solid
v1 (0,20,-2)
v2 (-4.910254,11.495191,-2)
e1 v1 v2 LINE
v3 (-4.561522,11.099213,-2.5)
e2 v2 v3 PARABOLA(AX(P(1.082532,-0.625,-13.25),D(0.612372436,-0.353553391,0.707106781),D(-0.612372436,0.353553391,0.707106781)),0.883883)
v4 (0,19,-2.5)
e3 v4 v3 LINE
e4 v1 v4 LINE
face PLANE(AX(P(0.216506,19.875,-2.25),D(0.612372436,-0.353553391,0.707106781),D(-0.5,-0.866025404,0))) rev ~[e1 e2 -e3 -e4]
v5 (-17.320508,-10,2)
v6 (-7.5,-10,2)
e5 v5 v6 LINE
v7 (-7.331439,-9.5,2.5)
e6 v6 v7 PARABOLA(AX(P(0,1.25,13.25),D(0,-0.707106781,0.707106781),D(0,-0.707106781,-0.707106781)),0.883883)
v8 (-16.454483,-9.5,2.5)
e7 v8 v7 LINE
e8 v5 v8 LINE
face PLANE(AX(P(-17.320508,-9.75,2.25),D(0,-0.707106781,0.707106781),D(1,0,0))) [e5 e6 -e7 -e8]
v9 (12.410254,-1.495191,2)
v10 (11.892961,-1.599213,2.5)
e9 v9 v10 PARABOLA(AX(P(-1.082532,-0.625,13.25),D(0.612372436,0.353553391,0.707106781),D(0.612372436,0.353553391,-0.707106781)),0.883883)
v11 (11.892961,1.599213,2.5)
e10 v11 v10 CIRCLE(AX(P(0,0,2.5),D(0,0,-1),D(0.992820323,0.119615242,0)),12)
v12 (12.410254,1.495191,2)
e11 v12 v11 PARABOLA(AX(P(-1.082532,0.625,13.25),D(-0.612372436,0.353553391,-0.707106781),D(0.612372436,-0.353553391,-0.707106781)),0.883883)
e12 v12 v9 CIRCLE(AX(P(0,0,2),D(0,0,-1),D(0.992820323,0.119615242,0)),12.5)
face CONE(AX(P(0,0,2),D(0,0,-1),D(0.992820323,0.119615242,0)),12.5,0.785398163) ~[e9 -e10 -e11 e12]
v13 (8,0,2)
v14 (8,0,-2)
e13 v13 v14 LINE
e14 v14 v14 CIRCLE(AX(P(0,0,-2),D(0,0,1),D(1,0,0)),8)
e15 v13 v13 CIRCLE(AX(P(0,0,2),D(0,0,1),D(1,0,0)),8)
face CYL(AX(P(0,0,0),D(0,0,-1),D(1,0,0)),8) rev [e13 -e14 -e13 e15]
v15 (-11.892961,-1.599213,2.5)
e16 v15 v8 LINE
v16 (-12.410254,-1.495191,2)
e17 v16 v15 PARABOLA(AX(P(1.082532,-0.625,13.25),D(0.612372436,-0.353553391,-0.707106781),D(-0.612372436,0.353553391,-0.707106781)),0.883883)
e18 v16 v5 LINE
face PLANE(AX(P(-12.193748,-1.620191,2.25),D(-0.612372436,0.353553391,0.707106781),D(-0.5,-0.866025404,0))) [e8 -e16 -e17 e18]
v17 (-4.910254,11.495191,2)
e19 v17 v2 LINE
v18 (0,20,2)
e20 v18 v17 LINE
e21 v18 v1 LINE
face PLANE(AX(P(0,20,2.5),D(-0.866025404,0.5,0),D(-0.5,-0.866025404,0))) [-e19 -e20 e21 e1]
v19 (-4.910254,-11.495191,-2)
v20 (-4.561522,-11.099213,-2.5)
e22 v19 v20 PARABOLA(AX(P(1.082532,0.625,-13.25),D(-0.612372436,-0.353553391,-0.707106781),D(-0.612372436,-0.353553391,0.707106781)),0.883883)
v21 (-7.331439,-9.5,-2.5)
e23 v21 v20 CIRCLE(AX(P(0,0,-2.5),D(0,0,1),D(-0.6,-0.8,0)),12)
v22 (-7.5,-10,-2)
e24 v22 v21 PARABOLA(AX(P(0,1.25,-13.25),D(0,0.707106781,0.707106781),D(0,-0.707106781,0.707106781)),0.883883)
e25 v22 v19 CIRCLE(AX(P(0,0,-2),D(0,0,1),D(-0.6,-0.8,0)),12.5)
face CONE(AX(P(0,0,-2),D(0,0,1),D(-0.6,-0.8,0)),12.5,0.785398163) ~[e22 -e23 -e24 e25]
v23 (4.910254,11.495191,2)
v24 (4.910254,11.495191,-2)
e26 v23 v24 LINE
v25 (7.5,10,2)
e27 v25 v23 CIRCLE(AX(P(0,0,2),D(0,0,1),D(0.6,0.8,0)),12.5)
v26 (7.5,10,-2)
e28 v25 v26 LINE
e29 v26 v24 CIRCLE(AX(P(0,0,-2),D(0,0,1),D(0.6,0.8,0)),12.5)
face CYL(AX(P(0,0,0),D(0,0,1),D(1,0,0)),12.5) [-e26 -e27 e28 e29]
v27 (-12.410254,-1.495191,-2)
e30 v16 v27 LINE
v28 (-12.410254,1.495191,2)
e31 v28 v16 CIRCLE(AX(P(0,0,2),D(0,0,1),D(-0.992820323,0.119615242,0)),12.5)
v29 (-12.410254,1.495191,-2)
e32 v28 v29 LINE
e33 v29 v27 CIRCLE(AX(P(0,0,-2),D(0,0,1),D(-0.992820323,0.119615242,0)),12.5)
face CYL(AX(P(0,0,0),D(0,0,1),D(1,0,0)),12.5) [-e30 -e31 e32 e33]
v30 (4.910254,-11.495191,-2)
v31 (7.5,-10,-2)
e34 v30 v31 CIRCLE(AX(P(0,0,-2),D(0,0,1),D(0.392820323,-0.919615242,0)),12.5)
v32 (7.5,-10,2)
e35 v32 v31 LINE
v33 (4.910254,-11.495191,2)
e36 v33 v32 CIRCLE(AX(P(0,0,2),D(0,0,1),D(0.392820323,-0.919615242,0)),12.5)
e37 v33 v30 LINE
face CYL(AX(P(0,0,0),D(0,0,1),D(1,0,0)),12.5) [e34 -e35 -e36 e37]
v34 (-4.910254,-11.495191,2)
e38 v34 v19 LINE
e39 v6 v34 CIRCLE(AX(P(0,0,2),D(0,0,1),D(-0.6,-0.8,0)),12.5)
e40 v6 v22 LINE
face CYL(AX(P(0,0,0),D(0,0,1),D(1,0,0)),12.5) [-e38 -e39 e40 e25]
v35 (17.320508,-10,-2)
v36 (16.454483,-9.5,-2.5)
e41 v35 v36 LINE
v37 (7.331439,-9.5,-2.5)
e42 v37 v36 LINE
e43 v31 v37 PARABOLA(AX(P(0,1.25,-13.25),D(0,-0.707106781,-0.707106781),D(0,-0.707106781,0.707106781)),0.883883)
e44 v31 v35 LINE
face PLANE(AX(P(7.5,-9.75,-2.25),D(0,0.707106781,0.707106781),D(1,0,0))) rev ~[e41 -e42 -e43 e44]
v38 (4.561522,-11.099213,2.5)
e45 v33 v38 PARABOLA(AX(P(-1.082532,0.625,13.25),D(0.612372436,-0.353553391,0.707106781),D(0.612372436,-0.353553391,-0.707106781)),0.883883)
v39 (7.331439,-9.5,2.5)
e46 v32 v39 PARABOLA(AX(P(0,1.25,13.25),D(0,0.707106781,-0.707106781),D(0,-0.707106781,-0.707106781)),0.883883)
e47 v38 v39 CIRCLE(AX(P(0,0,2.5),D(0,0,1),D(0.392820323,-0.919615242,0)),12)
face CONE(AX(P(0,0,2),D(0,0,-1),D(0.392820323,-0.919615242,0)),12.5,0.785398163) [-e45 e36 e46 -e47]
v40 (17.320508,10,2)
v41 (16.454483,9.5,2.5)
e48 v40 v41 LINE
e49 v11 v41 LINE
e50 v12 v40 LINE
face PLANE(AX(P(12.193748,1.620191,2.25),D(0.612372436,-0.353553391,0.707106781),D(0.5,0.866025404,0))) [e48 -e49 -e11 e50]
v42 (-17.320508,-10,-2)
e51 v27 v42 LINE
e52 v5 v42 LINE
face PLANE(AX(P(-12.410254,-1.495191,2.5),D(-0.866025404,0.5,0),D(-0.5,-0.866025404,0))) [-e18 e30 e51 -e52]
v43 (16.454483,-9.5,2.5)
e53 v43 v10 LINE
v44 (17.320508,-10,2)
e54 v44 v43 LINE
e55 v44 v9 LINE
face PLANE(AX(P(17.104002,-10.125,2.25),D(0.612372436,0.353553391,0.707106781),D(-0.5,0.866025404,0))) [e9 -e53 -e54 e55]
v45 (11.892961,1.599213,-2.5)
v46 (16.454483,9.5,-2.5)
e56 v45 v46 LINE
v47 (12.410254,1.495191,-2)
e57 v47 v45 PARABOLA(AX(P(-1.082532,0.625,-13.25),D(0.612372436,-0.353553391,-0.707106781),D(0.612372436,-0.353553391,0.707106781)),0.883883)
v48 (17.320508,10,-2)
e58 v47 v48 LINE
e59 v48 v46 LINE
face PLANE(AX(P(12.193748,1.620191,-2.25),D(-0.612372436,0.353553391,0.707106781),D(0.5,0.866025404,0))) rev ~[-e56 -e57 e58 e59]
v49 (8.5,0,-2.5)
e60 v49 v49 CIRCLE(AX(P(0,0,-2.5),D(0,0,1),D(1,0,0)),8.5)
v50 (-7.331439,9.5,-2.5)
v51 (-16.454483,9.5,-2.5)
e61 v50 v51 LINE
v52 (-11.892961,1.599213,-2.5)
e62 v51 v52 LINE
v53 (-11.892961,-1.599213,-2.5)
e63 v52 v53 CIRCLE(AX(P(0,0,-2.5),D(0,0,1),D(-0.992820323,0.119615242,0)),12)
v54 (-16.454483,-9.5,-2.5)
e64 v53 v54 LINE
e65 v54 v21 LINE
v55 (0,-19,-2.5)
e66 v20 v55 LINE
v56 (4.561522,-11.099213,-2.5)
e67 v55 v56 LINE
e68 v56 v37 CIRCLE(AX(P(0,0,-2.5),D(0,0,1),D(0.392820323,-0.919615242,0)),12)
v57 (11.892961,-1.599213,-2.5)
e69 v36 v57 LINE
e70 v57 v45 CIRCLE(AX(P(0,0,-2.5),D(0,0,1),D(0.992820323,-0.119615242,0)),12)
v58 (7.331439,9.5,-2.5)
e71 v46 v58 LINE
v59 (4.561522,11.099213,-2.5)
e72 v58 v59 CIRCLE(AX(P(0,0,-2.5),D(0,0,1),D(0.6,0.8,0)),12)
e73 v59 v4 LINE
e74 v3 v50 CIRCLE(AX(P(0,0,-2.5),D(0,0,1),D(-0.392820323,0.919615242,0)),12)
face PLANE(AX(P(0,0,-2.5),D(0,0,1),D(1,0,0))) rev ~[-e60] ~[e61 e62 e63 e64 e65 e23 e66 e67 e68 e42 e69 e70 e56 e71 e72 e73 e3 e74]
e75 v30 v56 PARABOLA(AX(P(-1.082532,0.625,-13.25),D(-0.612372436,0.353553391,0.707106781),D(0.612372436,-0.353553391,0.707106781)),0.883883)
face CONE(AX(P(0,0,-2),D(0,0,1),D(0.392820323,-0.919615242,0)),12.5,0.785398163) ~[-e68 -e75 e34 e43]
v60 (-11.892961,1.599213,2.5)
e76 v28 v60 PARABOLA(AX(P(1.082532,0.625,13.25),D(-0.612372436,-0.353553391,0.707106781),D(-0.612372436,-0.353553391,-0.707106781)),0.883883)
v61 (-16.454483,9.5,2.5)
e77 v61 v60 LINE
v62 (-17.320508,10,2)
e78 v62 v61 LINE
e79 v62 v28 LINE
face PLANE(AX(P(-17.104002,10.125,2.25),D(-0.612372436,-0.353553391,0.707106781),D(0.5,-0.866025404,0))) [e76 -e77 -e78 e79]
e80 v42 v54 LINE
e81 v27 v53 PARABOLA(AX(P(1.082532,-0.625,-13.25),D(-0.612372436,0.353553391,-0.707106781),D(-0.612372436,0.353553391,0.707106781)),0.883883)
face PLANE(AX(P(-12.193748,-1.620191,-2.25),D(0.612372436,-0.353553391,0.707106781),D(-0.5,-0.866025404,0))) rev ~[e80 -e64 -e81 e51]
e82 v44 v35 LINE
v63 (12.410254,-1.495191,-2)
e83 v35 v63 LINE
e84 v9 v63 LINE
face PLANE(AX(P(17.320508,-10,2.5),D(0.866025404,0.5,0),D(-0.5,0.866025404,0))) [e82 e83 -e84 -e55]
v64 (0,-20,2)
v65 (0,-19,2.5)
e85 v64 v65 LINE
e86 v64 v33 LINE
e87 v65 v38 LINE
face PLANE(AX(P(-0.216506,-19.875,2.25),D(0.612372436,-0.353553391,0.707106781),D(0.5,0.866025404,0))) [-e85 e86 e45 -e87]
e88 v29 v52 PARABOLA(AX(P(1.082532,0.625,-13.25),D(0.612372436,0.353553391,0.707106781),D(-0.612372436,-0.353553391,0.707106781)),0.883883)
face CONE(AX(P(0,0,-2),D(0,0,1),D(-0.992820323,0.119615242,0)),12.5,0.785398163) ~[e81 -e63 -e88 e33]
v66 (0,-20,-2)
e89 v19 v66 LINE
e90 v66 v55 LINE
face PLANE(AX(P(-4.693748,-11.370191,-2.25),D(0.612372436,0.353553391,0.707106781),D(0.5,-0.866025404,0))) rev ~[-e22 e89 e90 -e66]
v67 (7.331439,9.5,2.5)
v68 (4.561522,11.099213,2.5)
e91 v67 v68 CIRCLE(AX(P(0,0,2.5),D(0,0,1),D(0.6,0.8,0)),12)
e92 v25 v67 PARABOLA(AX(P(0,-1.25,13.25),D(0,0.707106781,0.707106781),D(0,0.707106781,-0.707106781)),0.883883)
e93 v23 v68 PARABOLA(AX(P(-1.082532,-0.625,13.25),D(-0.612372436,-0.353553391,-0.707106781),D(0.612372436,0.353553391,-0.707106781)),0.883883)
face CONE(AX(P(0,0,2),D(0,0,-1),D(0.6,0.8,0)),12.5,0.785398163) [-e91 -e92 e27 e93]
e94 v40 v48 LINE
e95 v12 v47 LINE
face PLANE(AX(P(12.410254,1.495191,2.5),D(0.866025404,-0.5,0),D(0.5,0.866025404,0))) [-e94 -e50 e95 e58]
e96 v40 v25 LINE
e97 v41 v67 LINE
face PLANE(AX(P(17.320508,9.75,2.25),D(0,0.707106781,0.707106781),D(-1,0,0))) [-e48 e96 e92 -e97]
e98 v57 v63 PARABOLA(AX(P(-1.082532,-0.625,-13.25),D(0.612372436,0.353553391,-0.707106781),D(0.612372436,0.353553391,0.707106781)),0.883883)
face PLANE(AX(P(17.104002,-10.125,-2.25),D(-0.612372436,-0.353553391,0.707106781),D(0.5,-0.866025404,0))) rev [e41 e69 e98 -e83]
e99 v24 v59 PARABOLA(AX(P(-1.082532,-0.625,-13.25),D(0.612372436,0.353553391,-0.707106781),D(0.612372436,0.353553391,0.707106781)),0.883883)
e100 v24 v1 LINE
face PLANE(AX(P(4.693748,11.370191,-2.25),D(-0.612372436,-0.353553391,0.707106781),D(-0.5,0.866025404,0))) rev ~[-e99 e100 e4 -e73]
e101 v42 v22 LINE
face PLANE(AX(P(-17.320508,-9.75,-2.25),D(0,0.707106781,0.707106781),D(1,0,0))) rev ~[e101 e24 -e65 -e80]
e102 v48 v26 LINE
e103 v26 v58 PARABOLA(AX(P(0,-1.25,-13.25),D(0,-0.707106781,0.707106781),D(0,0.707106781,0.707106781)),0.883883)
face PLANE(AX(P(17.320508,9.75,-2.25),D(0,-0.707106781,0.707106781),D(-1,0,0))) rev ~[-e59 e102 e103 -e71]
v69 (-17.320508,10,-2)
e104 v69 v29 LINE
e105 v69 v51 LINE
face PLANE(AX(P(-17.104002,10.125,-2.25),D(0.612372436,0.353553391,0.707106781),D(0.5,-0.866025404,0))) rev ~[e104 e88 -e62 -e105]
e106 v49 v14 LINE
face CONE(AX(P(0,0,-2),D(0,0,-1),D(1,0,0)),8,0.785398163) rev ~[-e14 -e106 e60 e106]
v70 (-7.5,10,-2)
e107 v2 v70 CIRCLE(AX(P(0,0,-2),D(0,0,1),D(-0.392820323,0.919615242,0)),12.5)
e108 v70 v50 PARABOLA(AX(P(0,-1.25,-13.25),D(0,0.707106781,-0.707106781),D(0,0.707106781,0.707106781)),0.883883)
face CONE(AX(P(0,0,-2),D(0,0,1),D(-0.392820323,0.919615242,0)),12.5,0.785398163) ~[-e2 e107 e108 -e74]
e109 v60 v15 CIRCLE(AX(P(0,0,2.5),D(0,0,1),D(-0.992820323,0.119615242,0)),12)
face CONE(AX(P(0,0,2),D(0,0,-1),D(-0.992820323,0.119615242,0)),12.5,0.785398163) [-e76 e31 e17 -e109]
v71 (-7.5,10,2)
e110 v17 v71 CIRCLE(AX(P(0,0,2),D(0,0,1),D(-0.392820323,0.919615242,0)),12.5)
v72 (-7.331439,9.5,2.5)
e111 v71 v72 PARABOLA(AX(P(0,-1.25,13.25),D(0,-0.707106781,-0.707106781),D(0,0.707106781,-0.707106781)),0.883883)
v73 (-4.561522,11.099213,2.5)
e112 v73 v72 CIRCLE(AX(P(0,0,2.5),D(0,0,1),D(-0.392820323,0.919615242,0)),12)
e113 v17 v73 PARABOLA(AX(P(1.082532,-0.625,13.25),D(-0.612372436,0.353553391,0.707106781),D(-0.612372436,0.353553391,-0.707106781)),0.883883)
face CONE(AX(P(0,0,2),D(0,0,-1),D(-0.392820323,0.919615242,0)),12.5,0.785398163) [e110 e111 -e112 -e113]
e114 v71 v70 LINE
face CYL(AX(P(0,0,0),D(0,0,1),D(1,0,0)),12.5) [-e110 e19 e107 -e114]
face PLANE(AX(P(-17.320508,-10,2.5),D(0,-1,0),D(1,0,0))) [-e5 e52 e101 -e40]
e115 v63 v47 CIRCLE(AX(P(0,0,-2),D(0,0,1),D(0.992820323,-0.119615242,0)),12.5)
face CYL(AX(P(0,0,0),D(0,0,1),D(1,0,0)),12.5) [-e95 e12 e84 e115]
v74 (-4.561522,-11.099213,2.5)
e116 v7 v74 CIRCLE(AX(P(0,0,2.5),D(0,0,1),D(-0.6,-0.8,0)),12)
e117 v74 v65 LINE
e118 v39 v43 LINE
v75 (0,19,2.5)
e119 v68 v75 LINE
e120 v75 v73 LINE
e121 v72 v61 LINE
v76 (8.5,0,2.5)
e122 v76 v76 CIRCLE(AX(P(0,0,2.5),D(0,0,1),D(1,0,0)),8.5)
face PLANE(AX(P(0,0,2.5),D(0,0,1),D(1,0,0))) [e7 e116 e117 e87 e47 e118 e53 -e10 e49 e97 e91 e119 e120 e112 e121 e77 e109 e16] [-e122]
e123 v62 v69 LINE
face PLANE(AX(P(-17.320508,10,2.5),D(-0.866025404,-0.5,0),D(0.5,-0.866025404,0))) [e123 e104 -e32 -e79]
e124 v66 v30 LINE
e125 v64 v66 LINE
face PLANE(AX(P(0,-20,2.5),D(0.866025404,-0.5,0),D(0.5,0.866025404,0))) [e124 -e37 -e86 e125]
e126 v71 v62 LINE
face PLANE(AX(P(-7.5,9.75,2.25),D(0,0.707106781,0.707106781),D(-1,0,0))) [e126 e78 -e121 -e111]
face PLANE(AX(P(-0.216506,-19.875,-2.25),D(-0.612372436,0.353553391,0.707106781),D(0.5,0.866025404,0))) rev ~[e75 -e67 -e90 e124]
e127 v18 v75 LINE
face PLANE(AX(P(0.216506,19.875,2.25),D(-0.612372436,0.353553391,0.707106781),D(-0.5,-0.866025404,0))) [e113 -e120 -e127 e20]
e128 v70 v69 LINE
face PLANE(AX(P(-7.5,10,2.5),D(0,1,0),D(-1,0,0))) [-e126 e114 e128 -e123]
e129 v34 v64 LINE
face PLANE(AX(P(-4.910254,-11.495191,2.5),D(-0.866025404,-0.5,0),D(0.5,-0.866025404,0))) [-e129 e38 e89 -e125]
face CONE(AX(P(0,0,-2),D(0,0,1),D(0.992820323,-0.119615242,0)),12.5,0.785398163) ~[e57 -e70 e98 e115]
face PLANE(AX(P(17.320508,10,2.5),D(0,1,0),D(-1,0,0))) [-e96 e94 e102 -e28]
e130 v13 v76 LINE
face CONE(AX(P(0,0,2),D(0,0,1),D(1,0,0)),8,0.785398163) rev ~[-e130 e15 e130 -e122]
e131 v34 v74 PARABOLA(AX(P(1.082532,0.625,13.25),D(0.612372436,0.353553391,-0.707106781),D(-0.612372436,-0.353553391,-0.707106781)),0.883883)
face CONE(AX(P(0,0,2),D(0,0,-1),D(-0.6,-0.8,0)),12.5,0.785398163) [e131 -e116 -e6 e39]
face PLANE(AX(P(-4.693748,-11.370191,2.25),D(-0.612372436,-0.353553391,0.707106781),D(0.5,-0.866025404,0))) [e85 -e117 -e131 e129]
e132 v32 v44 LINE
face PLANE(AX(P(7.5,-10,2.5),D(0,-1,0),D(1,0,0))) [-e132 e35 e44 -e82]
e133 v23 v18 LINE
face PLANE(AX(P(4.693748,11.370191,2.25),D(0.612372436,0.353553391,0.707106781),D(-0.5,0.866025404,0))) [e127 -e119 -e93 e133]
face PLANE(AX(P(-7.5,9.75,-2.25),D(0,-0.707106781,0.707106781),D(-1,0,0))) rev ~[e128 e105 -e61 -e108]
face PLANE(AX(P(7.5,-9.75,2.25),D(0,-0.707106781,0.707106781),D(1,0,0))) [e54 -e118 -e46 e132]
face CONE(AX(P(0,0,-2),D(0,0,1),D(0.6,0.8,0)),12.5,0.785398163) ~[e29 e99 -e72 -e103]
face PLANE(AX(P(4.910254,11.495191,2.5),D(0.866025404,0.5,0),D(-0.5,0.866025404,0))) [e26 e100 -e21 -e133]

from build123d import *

# Parameters (mm, degrees)
F0_R     = 12.5
F0_R_2   = 8
F1_DEPTH = 2.5
F3_DEPTH = 5
F4_SIZE  = 0.5


with BuildPart() as f1:
    # F0 (on Top) → F1 (new body, symmetric)
    with BuildSketch(Plane.XY):
        Circle(F0_R)
        Circle(F0_R_2, mode=Mode.SUBTRACT)
    extrude(amount=F1_DEPTH, both=True)

    # F2 (on face) → F3 (join)
    with BuildSketch(Plane.XY.offset(2.5)):
        with BuildLine():
            ThreePointArc((-4.9102540378, 11.4951905284), (-2.5060046284, 12.2462214908), (0, 12.5))
            Line((0, 12.5), (0, 20))
            Line((0, 20), (-4.9102540378, 11.4951905284))
        make_face()
        with BuildLine():
            Line((0, 20), (0, 12.5))
            ThreePointArc((0, 12.5), (2.5060046284, 12.2462214908), (4.9102540378, 11.4951905284))
            Line((4.9102540378, 11.4951905284), (0, 20))
        make_face()
        with BuildLine():
            Line((17.3205080757, 10), (7.5, 10))
            ThreePointArc((7.5, 10), (10.8253175473, 6.25), (12.4102540378, 1.4951905284))
            Line((12.4102540378, 1.4951905284), (17.3205080757, 10))
        make_face()
        with BuildLine():
            ThreePointArc((-12.4102540378, 1.4951905284), (-10.8253175473, 6.25), (-7.5, 10))
            Line((-7.5, 10), (-17.3205080757, 10))
            Line((-17.3205080757, 10), (-12.4102540378, 1.4951905284))
        make_face()
        with BuildLine():
            ThreePointArc((-7.5, -10), (-10.8253175473, -6.25), (-12.4102540378, -1.4951905284))
            Line((-12.4102540378, -1.4951905284), (-17.3205080757, -10))
            Line((-17.3205080757, -10), (-7.5, -10))
        make_face()
        with BuildLine():
            Line((17.3205080757, -10), (12.4102540378, -1.4951905284))
            ThreePointArc((12.4102540378, -1.4951905284), (10.8253175473, -6.25), (7.5, -10))
            Line((7.5, -10), (17.3205080757, -10))
        make_face()
        with BuildLine():
            ThreePointArc((4.9102540378, -11.4951905284), (0, -12.5), (-4.9102540378, -11.4951905284))
            Line((-4.9102540378, -11.4951905284), (0, -20))
            Line((0, -20), (4.9102540378, -11.4951905284))
        make_face()
    extrude(amount=-F3_DEPTH)

    # F4
    f4_edges = [f1.edges().sort_by_distance(p)[0] for p in [
        (12.5, 0, 2.5),
        (14.865381, 5.747595, 2.5),
        (12.410254, 10, 2.5),
        (6.25, 10.825318, 2.5),
        (2.455127, 15.747595, 2.5),
        (-2.455127, 15.747595, 2.5),
        (-6.25, 10.825318, 2.5),
        (-12.410254, 10, 2.5),
        (-14.865381, 5.747595, 2.5),
        (-12.5, 0, 2.5),
        (-14.865381, -5.747595, 2.5),
        (-12.410254, -10, 2.5),
        (-6.25, -10.825318, 2.5),
        (-2.455127, -15.747595, 2.5),
        (2.455127, -15.747595, 2.5),
        (6.25, -10.825318, 2.5),
        (12.410254, -10, 2.5),
        (14.865381, -5.747595, 2.5),
        (-8, 0, 2.5),
        (14.865381, 5.747595, -2.5),
        (12.410254, 10, -2.5),
        (6.25, 10.825318, -2.5),
        (2.455127, 15.747595, -2.5),
        (-2.455127, 15.747595, -2.5),
        (-6.25, 10.825318, -2.5),
        (-12.410254, 10, -2.5),
        (-14.865381, 5.747595, -2.5),
        (-12.5, 0, -2.5),
        (-14.865381, -5.747595, -2.5),
        (-12.410254, -10, -2.5),
        (-6.25, -10.825318, -2.5),
        (-2.455127, -15.747595, -2.5),
        (2.455127, -15.747595, -2.5),
        (6.25, -10.825318, -2.5),
        (12.410254, -10, -2.5),
        (14.865381, -5.747595, -2.5),
        (12.5, 0, -2.5),
        (-8, 0, -2.5),
    ]]
    chamfer(f4_edges, length=F4_SIZE)


solid = f1.part
